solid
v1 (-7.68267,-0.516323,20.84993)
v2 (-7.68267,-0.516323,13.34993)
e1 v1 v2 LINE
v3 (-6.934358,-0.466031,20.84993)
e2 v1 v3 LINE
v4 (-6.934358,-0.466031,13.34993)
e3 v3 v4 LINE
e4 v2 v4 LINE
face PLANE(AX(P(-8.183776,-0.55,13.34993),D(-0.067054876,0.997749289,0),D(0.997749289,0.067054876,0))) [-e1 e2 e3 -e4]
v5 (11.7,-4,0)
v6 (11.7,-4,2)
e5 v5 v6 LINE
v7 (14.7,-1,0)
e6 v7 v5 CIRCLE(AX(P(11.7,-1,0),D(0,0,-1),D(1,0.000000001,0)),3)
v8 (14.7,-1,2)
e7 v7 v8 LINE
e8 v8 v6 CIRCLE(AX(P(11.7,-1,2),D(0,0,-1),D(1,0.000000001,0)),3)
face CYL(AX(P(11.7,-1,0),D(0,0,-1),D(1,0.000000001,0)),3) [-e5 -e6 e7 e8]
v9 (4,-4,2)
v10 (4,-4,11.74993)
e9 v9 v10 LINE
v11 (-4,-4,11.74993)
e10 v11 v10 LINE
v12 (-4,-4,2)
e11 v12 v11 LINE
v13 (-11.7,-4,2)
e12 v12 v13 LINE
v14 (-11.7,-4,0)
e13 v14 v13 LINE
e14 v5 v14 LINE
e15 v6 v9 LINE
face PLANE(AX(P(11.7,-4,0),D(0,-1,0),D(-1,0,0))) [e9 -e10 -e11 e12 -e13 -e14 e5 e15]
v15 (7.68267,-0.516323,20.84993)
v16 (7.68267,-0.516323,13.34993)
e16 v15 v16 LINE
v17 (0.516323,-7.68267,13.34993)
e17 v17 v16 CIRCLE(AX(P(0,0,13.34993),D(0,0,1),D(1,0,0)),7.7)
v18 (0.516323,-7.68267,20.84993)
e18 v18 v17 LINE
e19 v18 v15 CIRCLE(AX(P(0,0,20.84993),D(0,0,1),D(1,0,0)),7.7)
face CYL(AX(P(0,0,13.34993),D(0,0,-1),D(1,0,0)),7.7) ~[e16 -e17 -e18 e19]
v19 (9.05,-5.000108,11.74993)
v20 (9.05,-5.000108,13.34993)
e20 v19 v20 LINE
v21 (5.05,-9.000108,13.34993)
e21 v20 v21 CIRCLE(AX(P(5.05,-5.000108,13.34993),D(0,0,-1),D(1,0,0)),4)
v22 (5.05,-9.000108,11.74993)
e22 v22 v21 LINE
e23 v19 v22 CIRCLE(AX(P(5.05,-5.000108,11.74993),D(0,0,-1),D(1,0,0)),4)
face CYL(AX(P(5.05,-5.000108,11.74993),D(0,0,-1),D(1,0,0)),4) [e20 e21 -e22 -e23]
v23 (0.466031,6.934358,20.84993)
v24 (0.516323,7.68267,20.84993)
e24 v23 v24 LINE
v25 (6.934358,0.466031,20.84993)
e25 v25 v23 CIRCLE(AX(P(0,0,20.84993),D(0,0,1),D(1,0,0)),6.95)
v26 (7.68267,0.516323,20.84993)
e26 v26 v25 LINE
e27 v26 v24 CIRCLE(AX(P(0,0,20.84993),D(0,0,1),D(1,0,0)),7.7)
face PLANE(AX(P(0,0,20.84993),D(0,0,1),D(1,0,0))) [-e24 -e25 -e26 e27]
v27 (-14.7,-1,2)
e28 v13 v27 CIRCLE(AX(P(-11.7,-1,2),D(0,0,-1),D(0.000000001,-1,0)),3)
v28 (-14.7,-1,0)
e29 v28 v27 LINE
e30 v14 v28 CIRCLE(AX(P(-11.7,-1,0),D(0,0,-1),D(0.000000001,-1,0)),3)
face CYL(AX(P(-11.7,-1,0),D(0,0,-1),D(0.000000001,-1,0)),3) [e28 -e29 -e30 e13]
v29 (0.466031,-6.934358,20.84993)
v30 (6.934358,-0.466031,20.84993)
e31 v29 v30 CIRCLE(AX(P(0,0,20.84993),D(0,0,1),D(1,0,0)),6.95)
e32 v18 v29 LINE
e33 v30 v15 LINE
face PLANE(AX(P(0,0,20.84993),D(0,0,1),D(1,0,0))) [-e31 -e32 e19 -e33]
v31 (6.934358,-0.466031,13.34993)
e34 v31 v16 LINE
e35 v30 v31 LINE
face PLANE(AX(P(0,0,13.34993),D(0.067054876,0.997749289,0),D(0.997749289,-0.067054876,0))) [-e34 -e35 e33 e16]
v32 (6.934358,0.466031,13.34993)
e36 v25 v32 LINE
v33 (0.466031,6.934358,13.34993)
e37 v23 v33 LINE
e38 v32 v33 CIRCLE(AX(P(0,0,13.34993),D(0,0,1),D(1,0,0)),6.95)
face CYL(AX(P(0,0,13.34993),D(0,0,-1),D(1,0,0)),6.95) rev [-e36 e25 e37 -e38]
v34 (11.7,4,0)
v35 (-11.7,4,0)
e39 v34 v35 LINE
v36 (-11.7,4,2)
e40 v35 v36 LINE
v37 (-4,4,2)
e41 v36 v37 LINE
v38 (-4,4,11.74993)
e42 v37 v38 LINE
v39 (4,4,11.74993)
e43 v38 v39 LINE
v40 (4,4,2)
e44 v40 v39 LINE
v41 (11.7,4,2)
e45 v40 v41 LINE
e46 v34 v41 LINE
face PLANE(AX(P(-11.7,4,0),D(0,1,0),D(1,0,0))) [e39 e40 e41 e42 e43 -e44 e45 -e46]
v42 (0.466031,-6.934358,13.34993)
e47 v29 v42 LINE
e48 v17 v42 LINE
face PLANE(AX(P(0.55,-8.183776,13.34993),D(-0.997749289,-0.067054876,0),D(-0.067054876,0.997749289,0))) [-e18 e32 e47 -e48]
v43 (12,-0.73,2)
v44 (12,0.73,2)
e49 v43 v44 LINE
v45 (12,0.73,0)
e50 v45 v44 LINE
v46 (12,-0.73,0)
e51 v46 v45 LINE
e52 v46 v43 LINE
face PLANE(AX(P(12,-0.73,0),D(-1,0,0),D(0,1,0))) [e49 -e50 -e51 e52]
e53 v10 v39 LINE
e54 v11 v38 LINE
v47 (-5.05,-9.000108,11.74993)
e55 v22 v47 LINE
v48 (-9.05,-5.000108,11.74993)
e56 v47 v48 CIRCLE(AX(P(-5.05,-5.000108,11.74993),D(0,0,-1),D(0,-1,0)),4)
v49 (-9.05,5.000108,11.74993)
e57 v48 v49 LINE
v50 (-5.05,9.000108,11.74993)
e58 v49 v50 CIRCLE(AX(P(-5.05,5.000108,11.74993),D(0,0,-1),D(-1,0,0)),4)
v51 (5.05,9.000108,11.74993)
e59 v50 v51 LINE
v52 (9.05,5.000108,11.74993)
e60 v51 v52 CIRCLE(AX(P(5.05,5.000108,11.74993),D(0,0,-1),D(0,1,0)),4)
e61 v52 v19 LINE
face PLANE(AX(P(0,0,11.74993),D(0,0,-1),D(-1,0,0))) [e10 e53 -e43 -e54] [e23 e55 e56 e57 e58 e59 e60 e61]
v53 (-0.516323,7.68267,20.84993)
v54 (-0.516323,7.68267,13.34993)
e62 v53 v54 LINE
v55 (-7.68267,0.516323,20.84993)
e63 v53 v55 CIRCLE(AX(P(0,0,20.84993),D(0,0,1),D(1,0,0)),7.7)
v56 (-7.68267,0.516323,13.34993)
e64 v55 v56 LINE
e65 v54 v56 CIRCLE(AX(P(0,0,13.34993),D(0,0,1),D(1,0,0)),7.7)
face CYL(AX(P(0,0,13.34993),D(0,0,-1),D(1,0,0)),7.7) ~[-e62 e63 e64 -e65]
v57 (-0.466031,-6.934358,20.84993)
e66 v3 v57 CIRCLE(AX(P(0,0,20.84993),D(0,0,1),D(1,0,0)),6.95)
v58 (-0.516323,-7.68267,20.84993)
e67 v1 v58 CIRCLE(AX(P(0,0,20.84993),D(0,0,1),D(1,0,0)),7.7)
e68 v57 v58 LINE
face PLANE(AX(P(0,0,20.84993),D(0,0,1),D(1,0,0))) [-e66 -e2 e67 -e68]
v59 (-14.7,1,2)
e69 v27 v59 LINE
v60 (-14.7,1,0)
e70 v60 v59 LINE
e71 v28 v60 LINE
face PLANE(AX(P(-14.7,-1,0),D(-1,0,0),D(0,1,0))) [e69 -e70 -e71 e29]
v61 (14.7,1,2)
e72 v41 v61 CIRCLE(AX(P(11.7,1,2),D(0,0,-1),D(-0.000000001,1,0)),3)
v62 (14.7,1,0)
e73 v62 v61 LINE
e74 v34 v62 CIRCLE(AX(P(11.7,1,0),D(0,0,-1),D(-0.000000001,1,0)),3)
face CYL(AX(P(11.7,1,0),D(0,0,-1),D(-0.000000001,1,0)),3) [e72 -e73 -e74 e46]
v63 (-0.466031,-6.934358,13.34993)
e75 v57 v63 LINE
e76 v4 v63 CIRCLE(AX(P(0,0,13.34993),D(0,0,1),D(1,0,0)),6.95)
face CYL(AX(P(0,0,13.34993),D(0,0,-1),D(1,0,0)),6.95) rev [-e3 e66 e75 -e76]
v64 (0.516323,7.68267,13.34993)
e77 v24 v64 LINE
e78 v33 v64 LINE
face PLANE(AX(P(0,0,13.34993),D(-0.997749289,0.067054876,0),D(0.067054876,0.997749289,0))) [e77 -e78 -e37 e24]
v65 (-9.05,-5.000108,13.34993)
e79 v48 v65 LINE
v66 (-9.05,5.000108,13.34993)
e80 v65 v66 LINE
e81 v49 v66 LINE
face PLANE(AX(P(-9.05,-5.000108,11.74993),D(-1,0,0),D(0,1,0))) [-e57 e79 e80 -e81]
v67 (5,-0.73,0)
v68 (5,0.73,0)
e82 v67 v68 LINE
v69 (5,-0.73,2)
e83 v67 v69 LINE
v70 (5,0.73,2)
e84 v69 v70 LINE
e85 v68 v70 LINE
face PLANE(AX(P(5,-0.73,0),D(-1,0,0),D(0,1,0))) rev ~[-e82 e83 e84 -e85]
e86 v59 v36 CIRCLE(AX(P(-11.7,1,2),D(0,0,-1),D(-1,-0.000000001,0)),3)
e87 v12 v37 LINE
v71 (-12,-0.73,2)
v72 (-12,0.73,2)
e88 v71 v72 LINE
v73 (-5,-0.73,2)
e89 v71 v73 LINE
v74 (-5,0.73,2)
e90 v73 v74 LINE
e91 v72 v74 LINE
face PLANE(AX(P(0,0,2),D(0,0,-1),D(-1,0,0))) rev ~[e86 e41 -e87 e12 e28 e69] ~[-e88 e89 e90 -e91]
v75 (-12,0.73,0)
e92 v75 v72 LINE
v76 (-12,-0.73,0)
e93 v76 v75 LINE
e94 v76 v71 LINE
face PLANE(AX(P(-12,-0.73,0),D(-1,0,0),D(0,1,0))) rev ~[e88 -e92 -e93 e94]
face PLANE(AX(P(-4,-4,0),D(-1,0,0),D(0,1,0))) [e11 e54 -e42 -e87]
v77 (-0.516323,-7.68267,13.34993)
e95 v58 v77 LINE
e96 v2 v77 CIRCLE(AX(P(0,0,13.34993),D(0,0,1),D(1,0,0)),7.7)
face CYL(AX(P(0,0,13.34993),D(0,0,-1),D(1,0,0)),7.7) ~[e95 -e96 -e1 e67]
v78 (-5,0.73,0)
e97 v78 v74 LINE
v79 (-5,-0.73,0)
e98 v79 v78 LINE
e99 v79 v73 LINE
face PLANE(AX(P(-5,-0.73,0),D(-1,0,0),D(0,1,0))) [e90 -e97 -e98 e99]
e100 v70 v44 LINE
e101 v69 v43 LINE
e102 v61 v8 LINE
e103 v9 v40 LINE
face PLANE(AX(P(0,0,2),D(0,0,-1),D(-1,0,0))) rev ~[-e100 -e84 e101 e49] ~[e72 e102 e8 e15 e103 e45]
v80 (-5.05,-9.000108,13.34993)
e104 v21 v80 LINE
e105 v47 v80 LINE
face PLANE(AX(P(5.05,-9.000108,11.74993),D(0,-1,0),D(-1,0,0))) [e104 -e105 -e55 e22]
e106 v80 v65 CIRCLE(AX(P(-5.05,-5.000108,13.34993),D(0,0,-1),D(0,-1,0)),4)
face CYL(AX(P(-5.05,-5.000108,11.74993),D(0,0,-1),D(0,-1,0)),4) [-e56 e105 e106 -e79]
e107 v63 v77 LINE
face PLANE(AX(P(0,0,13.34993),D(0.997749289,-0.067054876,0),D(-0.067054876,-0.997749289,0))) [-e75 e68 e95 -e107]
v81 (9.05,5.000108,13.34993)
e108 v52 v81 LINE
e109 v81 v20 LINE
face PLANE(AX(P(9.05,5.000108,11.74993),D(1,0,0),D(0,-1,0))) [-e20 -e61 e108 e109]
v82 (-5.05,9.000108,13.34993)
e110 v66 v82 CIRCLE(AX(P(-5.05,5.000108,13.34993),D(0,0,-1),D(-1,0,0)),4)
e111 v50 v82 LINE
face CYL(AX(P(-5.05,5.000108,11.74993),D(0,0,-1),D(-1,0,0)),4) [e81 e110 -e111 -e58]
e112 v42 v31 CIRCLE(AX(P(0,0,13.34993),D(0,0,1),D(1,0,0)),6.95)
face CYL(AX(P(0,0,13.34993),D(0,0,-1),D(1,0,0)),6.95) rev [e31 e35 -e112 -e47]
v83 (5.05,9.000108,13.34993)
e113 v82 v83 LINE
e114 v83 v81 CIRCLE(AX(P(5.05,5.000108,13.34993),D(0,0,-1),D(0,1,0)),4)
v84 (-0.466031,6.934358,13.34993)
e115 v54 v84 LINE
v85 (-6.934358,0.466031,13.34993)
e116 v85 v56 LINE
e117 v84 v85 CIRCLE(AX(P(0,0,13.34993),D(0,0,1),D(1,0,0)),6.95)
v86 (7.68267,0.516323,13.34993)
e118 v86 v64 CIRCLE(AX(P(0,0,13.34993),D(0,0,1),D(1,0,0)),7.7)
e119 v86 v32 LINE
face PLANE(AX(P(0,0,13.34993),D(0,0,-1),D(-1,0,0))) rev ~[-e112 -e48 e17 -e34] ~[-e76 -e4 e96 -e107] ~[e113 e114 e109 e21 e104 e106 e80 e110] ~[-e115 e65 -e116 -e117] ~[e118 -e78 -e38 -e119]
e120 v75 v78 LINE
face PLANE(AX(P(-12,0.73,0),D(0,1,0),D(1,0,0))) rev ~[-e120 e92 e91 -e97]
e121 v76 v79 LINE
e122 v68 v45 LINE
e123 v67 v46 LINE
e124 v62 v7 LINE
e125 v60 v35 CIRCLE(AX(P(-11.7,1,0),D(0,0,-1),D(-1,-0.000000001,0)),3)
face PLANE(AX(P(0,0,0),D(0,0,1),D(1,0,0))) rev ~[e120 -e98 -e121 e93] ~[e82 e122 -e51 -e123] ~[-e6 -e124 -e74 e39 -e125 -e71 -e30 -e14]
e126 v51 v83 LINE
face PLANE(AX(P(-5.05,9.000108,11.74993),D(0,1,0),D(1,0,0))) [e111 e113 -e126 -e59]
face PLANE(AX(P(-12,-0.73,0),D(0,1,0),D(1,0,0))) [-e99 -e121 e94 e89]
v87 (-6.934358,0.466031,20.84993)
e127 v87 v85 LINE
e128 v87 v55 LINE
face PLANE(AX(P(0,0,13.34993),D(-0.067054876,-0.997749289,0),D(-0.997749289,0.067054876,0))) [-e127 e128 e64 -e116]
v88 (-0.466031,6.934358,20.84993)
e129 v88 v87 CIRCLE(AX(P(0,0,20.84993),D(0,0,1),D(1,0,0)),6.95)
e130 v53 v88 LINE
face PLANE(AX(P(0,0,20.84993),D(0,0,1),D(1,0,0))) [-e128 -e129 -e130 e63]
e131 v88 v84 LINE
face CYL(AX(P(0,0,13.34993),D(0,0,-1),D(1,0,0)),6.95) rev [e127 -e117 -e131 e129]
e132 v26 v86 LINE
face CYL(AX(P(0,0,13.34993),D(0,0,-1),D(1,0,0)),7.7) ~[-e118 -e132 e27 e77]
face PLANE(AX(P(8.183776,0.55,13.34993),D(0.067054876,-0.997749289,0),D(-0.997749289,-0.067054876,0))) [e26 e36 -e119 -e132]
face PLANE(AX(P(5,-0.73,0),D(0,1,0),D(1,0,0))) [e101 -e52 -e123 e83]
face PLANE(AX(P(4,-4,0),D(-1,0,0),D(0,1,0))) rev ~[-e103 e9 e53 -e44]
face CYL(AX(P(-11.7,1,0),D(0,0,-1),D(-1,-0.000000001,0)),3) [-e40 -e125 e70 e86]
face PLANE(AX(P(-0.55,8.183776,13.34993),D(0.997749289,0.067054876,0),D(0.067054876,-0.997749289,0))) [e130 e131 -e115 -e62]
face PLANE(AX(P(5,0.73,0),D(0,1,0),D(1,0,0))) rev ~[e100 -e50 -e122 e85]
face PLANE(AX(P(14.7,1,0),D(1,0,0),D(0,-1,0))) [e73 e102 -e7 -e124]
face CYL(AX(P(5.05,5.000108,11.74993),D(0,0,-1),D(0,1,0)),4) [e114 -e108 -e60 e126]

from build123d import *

# Parameters (mm, degrees)
SKETCH1_W           = 7
SKETCH1_H           = 1.46
BOSS_EXTRUDE1_DEPTH = 2
SKETCH2_W           = 8
SKETCH2_H           = 8
BOSS_EXTRUDE2_DEPTH = 11.74993
BOSS_EXTRUDE3_DEPTH = 1.6
SKETCH4_R           = 7.7
BOSS_EXTRUDE4_DEPTH = 7.5
SKETCH5_R           = 6.95
CUT_EXTRUDE1_DEPTH  = 7.5
CUT_EXTRUDE2_DEPTH  = 7.5
CIRPATTERN1_COUNT   = 4


with BuildPart() as part:
    # Sketch1 → Boss-Extrude1 (new body)
    with BuildSketch(Plane.XY):
        with BuildLine():
            Line((-11.7, 4), (11.7, 4))
            ThreePointArc((11.7, 4), (13.821320344, 3.121320344), (14.7, 1))
            Line((14.7, 1), (14.7, -1))
            ThreePointArc((14.7, -1), (13.821320344, -3.121320344), (11.7, -4))
            Line((11.7, -4), (-11.7, -4))
            ThreePointArc((-11.7, -4), (-13.821320344, -3.121320344), (-14.7, -1))
            Line((-14.7, -1), (-14.7, 1))
            ThreePointArc((-14.7, 1), (-13.821320344, 3.121320344), (-11.7, 4))
        make_face()
        with Locations((-8.5, 0)):
            Rectangle(SKETCH1_W, SKETCH1_H, mode=Mode.SUBTRACT)
        with Locations((8.5, 0)):
            Rectangle(SKETCH1_W, SKETCH1_H, mode=Mode.SUBTRACT)
    extrude(amount=BOSS_EXTRUDE1_DEPTH)

    # Sketch2 → Boss-Extrude2 (add)
    with BuildSketch(Plane.XY):
        Rectangle(SKETCH2_W, SKETCH2_H)
    extrude(amount=BOSS_EXTRUDE2_DEPTH)

    # Sketch3 → Boss-Extrude3 (add)
    with BuildSketch(Plane.XY.offset(11.74993)):
        with BuildLine():
            Line((-5.05, 9.000108401), (5.05, 9.000108401))
            ThreePointArc((5.05, 9.000108401), (7.878427125, 7.828535526), (9.05, 5.000108401))
            Line((9.05, 5.000108401), (9.05, -5.000108401))
            ThreePointArc((9.05, -5.000108401), (7.878427125, -7.828535526), (5.05, -9.000108401))
            Line((5.05, -9.000108401), (-5.05, -9.000108401))
            ThreePointArc((-5.05, -9.000108401), (-7.878427125, -7.828535526), (-9.05, -5.000108401))
            Line((-9.05, -5.000108401), (-9.05, 5.000108401))
            ThreePointArc((-9.05, 5.000108401), (-7.878427125, 7.828535526), (-5.05, 9.000108401))
        make_face()
    extrude(amount=BOSS_EXTRUDE3_DEPTH)

    # Sketch4 → Boss-Extrude4 (add)
    with BuildSketch(Plane.XY.offset(13.34993)):
        Circle(SKETCH4_R)
    extrude(amount=BOSS_EXTRUDE4_DEPTH)

    # Sketch5 → Cut-Extrude1 (cut)
    with BuildSketch(Plane.XY.offset(13.34993)):
        Circle(SKETCH5_R)
    extrude(amount=CUT_EXTRUDE1_DEPTH, mode=Mode.SUBTRACT)

    # Sketch11 → Cut-Extrude2 (cut)
    with BuildSketch(Plane.XY.offset(13.34993)):
        Polygon((0, 8.183776361), (-0.55, 8.183776361), (0, 0), (0.55, 8.183776361), align=None)
    cut_extrude2 = extrude(amount=CUT_EXTRUDE2_DEPTH, mode=Mode.SUBTRACT)

    # CirPattern1: Cut-Extrude2 ×4 about axis
    cirpattern1_axis = Axis((0, 0, 20.84993), (0, 0, -1))
    for i in range(1, CIRPATTERN1_COUNT):
        add(cut_extrude2.rotate(cirpattern1_axis, i * 360 / CIRPATTERN1_COUNT), mode=Mode.SUBTRACT)


solid = part.part
